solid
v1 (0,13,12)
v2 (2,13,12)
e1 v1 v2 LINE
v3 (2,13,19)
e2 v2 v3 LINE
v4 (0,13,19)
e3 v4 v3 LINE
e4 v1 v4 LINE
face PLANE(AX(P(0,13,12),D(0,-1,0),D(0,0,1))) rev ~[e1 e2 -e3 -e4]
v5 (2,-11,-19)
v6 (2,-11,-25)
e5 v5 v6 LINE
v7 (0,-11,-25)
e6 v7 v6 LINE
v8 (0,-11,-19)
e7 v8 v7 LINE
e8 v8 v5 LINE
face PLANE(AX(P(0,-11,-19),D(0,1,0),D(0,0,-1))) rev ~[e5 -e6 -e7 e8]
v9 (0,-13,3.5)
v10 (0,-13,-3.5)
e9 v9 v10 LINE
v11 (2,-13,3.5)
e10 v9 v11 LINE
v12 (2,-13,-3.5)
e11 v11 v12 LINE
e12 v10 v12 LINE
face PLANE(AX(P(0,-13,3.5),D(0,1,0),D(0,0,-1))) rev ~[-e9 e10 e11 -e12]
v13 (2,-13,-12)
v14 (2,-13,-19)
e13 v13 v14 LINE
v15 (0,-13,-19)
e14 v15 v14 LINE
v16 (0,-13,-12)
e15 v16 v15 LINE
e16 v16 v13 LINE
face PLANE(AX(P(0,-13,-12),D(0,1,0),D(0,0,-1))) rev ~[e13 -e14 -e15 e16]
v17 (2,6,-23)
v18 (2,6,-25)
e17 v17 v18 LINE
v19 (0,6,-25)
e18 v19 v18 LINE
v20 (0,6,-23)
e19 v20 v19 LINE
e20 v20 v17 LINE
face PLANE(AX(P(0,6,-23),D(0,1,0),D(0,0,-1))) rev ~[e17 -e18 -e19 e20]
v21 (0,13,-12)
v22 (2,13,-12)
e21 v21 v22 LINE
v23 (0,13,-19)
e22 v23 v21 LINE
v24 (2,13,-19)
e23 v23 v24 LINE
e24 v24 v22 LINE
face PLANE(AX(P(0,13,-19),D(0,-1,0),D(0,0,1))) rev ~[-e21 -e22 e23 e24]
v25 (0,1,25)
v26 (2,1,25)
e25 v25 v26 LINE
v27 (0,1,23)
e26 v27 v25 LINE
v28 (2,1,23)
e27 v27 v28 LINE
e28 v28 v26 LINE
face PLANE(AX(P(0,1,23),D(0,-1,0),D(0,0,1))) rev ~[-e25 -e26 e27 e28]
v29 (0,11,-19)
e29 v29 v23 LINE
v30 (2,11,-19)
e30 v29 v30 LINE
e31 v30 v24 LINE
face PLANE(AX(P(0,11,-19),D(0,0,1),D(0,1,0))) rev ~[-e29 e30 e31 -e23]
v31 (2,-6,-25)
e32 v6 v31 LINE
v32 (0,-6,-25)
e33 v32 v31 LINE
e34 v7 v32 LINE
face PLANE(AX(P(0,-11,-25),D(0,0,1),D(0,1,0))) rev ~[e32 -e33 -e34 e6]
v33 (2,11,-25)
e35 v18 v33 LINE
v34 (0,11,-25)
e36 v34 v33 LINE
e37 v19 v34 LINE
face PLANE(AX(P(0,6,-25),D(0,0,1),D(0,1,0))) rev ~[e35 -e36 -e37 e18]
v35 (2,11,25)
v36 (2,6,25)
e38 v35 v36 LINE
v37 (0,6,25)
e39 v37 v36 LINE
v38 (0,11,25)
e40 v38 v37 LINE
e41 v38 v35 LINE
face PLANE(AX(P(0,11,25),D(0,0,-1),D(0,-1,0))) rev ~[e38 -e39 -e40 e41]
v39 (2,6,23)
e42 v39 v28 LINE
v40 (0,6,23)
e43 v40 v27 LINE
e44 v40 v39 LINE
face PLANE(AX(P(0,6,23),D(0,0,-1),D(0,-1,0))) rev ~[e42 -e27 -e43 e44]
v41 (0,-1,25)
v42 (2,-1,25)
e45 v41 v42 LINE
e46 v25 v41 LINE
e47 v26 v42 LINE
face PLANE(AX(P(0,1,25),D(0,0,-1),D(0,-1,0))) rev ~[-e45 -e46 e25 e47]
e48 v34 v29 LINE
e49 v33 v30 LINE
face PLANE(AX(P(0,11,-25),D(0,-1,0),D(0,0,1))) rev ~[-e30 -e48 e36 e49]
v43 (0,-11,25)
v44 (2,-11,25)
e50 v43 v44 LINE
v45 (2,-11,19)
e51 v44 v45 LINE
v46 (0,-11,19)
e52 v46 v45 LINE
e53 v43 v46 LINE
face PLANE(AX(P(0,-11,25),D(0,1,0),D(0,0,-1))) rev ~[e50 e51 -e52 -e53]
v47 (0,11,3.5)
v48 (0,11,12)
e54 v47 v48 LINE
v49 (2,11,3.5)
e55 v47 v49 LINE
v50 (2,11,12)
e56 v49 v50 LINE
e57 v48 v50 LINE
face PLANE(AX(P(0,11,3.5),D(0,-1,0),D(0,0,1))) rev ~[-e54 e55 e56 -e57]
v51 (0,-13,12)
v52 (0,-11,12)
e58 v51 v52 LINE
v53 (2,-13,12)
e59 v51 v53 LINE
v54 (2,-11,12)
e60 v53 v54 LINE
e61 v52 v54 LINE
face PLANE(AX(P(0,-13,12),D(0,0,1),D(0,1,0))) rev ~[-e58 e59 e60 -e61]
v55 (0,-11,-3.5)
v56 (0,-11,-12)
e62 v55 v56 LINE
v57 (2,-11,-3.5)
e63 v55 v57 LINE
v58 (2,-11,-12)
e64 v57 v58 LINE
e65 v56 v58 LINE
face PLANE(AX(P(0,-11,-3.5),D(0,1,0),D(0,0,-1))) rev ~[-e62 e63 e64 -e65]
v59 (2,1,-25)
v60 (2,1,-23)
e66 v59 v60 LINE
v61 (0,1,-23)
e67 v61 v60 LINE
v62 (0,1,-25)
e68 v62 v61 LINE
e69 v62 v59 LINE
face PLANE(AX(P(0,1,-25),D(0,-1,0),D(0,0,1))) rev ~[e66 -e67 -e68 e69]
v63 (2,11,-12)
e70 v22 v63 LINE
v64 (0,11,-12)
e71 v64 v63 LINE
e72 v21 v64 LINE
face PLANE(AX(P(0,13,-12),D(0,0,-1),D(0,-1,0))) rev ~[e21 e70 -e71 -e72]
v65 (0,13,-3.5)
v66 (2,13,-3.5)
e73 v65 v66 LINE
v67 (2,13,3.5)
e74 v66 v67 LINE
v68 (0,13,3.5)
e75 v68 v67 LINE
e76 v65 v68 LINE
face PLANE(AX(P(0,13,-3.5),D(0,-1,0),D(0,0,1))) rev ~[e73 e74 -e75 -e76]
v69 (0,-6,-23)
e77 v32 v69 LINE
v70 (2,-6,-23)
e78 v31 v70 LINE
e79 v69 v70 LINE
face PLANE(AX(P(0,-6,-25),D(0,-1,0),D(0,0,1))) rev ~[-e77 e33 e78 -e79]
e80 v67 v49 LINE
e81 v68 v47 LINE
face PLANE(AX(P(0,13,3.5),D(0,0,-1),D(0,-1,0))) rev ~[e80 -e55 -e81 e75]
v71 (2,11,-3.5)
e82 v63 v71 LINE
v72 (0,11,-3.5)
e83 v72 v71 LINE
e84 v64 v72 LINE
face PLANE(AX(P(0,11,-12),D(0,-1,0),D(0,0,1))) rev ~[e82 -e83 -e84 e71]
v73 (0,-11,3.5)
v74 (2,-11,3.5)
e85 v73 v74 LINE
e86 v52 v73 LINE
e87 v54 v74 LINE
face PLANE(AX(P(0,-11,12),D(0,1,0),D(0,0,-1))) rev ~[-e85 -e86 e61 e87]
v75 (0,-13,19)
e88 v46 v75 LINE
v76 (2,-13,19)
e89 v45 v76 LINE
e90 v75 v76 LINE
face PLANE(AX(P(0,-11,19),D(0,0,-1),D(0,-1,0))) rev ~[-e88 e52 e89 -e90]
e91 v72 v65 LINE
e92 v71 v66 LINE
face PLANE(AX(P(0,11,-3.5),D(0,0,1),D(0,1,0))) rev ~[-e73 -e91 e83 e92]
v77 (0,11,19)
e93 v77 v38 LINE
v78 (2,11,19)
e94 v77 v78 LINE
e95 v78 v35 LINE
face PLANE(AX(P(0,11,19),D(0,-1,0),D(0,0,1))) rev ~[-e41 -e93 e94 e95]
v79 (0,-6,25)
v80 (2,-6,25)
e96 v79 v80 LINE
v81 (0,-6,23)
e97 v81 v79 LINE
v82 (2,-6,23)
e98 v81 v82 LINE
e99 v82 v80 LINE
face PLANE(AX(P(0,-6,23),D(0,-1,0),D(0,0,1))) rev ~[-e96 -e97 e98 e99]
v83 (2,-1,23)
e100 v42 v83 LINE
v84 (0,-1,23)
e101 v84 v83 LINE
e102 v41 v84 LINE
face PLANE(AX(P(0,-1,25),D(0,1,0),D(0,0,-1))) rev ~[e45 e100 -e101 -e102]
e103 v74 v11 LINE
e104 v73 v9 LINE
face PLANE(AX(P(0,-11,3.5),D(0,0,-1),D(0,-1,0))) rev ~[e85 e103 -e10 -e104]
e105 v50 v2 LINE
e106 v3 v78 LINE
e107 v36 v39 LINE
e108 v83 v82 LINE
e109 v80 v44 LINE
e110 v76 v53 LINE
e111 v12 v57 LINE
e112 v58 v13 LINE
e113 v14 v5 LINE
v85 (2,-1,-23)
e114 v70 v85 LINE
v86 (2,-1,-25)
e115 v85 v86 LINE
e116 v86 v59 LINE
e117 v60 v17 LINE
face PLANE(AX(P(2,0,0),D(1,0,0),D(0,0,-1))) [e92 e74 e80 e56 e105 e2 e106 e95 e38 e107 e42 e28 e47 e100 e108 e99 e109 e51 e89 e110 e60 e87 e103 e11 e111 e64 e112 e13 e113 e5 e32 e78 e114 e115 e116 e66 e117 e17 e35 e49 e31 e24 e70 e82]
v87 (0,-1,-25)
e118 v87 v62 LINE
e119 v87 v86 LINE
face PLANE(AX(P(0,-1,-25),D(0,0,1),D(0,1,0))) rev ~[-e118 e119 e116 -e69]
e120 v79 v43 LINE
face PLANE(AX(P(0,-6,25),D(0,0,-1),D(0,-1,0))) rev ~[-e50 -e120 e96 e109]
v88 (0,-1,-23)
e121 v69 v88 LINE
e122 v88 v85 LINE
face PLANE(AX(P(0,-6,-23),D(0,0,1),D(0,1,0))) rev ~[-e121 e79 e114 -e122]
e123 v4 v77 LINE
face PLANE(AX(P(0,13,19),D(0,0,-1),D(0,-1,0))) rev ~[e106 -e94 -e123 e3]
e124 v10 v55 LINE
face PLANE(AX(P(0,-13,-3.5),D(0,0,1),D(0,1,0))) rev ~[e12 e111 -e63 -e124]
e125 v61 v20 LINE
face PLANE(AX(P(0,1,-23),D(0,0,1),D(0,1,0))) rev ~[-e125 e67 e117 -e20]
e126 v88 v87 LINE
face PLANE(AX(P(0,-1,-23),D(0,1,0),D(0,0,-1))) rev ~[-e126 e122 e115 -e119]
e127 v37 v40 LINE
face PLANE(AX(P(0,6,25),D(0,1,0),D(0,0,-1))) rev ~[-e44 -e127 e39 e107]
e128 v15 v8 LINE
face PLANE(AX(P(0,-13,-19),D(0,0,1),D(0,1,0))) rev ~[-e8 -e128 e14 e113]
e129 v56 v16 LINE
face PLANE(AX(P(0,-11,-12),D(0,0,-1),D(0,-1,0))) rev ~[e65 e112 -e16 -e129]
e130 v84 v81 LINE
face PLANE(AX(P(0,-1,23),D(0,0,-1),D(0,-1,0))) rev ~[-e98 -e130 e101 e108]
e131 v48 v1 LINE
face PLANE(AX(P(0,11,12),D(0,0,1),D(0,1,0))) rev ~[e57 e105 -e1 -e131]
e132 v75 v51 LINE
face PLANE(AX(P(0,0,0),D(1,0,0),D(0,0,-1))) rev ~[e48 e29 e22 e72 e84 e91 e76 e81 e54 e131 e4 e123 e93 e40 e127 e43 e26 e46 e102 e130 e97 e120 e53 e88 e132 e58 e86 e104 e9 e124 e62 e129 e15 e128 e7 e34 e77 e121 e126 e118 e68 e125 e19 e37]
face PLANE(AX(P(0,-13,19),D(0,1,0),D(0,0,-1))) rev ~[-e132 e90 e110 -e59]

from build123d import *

# Parameters (mm, degrees)
BOSS_EXTRUDE1_DEPTH = 2


with BuildPart() as part:
    # Sketch1 → Boss-Extrude1 (new body)
    with BuildSketch(Plane(origin=(0, 0, 0), x_dir=(0, 0, -1), z_dir=(1, 0, 0))):
        Polygon((-19, 11), (-25, 11), (-25, 6), (-23, 6), (-23, 1), (-25, 1), (-25, -1), (-23, -1), (-23, -6), (-25, -6), (-25, -11), (-19, -11), (-19, -13), (-12, -13), (-12, -11), (-3.5, -11), (-3.5, -13), (3.5, -13), (3.5, -11), (12, -11), (12, -13), (19, -13), (19, -11), (25, -11), (25, -6), (23, -6), (23, -1), (25, -1), (25, 1), (23, 1), (23, 6), (25, 6), (25, 11), (19, 11), (19, 13), (12, 13), (12, 11), (3.5, 11), (3.5, 13), (-3.5, 13), (-3.5, 11), (-12, 11), (-12, 13), (-19, 13), align=None)
    extrude(amount=BOSS_EXTRUDE1_DEPTH)


solid = part.part
